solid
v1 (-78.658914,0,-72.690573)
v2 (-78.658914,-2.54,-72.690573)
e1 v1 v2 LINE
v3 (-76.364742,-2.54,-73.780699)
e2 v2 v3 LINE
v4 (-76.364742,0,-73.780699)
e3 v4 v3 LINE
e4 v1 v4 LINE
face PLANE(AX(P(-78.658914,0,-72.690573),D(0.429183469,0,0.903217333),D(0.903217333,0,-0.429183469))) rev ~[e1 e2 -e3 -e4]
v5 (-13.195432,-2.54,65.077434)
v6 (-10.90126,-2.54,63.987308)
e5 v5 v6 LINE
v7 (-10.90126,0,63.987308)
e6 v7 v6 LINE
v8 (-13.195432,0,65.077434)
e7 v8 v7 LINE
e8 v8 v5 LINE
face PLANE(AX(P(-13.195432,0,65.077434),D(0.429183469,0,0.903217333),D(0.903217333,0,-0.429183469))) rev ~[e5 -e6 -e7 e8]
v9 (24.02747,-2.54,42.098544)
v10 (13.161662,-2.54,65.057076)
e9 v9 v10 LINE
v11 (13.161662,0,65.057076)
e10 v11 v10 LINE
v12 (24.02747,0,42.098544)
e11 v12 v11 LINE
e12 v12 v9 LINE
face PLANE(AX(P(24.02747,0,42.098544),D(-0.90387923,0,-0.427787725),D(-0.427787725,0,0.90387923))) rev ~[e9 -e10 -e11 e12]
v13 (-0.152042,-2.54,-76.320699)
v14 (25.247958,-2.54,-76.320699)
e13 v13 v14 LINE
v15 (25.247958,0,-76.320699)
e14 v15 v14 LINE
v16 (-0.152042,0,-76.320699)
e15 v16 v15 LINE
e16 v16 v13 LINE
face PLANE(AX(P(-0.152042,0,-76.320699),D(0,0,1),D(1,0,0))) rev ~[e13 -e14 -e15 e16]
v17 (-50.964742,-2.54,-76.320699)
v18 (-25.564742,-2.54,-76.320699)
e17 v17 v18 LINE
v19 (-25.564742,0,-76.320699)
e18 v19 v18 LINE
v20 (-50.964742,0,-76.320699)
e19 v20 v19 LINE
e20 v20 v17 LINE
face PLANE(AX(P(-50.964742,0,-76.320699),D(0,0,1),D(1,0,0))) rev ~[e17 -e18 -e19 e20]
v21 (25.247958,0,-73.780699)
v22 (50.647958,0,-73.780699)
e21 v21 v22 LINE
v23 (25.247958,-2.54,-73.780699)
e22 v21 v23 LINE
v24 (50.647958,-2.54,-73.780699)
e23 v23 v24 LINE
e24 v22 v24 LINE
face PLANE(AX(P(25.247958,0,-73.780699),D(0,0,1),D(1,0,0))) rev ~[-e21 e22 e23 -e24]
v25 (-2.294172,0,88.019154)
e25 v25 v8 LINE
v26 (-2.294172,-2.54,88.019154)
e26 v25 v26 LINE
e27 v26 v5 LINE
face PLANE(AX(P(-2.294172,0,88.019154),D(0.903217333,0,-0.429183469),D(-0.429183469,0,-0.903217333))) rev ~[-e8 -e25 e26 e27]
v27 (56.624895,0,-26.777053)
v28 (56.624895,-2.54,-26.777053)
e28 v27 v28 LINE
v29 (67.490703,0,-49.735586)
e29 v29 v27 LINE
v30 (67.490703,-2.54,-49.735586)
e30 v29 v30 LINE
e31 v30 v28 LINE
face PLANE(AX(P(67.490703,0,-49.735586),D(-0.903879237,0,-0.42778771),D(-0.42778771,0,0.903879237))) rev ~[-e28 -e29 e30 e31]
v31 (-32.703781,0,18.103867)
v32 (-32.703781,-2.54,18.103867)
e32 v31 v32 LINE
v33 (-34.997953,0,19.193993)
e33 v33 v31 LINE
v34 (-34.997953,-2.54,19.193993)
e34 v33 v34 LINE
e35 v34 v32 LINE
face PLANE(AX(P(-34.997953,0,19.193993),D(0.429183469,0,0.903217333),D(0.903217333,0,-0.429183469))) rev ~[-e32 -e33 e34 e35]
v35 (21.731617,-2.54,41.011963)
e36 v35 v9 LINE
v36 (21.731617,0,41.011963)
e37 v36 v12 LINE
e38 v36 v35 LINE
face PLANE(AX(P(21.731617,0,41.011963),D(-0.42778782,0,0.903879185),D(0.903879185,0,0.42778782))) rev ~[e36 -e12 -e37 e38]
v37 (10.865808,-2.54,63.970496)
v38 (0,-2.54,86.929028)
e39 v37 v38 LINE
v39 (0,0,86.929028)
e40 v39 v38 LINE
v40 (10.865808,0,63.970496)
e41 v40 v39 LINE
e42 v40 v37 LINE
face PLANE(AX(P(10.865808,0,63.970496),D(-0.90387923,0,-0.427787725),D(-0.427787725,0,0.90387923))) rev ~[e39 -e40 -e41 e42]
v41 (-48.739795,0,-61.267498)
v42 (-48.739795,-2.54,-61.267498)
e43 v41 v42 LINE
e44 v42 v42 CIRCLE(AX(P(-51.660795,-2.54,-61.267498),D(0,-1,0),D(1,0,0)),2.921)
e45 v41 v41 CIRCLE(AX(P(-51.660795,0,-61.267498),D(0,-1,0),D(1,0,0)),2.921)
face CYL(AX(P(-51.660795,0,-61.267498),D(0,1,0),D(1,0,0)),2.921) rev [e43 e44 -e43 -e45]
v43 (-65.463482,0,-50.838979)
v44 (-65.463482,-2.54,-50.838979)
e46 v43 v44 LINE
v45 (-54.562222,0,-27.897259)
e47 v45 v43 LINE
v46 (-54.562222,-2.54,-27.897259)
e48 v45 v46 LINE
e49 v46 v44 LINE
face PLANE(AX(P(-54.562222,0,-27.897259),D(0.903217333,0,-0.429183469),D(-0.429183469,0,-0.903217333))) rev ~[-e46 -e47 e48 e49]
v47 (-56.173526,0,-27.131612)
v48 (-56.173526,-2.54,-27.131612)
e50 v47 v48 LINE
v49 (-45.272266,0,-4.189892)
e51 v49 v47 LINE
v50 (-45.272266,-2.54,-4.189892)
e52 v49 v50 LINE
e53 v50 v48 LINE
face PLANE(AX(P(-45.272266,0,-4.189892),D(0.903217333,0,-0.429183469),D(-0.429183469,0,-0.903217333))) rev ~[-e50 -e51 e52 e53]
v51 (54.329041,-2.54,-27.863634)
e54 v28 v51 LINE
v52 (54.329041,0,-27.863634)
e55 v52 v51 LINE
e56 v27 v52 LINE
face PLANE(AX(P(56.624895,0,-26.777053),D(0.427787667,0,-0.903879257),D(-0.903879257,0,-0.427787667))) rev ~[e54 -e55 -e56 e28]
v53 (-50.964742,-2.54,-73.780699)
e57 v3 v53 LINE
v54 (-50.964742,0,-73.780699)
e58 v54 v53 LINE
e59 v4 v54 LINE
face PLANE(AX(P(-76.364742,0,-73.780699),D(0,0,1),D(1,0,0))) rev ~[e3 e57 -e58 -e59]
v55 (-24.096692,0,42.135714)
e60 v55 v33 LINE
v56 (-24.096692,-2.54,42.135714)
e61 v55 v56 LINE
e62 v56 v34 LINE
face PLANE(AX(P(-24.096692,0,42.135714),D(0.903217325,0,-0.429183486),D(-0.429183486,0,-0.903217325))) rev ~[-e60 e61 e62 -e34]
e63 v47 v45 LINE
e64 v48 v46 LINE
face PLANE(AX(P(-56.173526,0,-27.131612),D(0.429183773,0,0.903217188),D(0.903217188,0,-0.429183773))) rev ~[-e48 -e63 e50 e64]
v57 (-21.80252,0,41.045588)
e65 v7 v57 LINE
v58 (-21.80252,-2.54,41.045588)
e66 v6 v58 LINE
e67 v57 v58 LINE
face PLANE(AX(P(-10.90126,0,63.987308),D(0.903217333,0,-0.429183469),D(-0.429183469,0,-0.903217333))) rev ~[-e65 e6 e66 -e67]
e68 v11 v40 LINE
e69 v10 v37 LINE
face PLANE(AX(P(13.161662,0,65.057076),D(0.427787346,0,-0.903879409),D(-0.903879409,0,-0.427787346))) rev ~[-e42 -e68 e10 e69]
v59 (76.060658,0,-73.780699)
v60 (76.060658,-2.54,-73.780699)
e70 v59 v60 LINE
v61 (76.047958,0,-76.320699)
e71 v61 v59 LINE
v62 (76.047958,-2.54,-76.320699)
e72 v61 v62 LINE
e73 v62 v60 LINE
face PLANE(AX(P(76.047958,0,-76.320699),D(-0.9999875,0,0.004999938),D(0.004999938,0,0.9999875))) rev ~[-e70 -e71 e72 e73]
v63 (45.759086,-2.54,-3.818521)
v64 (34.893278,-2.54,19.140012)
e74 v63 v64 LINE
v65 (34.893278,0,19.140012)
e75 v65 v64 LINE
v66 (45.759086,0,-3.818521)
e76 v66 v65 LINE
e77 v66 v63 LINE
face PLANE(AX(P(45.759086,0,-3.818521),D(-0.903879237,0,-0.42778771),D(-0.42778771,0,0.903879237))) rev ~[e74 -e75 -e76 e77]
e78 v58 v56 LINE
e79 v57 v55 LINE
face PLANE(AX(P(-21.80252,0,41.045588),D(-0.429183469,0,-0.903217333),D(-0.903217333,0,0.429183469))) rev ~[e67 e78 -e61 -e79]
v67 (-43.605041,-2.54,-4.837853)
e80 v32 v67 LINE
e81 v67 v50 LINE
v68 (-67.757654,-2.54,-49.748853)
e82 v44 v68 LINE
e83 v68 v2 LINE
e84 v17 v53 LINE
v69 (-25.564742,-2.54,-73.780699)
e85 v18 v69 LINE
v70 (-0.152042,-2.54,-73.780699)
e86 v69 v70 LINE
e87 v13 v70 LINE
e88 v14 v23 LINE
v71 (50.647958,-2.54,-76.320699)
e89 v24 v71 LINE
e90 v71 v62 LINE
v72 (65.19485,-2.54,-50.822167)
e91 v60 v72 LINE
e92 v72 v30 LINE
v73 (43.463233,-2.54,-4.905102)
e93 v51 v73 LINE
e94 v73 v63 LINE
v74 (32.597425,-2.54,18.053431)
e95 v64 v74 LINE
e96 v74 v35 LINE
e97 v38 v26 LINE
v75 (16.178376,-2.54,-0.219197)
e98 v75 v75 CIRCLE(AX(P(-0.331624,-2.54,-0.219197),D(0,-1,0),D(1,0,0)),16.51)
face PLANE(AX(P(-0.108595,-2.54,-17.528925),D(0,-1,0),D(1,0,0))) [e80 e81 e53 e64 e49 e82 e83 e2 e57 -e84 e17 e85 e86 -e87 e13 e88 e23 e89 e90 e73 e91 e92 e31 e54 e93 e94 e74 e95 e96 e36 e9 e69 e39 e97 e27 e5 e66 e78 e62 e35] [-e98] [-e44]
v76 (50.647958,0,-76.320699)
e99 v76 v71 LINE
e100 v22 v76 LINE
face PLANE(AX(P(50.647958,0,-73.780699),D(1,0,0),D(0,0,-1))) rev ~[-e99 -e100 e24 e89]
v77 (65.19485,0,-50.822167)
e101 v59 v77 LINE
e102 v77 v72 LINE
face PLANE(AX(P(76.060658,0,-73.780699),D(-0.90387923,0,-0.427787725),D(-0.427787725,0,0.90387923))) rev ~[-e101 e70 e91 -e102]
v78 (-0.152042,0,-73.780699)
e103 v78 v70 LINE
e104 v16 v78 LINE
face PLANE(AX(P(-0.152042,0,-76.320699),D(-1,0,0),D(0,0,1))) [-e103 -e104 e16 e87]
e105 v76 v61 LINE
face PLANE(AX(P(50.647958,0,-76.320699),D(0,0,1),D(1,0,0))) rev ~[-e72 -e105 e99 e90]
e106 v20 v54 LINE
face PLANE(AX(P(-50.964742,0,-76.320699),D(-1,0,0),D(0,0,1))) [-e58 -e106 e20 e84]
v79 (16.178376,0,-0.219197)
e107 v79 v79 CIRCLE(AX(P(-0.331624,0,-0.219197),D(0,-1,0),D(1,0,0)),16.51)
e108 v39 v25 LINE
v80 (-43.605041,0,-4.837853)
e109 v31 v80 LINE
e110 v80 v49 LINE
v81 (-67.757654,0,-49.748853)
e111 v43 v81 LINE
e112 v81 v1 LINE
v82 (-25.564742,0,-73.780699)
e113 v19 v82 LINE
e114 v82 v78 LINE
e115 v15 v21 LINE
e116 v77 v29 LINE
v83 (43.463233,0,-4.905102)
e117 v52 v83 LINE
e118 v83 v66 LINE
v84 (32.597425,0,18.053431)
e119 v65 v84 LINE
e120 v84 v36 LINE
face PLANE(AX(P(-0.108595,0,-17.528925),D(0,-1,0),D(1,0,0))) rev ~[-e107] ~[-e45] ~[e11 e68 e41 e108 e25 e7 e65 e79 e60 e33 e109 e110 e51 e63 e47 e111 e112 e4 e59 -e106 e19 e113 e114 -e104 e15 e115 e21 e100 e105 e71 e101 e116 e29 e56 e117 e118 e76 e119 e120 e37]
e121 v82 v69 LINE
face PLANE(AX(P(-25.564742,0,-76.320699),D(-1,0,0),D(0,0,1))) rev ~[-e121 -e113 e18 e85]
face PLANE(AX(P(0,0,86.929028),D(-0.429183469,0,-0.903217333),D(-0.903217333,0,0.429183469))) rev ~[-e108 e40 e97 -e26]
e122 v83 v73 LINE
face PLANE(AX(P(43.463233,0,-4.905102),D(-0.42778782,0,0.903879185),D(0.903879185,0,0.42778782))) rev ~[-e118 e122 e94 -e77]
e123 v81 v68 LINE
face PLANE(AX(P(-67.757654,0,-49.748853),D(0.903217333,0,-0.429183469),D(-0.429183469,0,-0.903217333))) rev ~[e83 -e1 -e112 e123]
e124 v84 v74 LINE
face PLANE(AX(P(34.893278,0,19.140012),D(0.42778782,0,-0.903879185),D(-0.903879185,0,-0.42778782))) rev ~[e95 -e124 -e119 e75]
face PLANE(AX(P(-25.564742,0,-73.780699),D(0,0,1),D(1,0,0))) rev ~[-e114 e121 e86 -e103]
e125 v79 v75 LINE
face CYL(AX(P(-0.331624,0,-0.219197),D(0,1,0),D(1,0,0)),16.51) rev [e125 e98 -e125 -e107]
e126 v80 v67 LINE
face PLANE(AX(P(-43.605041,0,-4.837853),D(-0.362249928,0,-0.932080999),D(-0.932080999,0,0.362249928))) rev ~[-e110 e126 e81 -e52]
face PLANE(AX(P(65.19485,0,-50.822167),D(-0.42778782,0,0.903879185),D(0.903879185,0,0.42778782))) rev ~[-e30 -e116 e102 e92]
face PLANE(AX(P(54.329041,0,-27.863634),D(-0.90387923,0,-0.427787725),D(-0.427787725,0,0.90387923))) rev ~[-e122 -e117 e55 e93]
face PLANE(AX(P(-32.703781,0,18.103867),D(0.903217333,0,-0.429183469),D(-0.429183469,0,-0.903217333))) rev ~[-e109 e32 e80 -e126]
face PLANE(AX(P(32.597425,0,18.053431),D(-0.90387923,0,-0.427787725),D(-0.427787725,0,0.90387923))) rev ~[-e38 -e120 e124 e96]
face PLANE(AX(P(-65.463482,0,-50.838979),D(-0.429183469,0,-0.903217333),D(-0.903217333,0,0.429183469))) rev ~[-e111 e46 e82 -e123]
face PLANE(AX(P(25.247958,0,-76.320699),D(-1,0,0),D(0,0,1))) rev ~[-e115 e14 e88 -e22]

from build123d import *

# Parameters (mm, degrees)
F0_R     = 2.921
F0_R_2   = 16.51
F0_W     = 25.4
F0_H     = 2.54
F1_DEPTH = 2.54
F2_DEPTH = 2.54


with BuildPart() as f1:
    # F0 (on Front) → F1 (new body)
    with BuildSketch(Plane.XZ):
        Polygon((0, 86.929028), (-10.90126, 63.987308), (-21.80252, 41.045588), (-32.703781, 18.103867), (-43.605041, -4.837853), (-54.562222, -27.897259), (-65.463482, -50.838979), (-76.364742, -73.780699), (-50.964742, -73.780699), (-25.564742, -73.780699), (-0.152042, -73.780699), (25.247958, -73.780699), (50.647958, -73.780699), (76.060658, -73.780699), (65.19485, -50.822167), (54.329041, -27.863634), (43.463233, -4.905102), (32.597425, 18.053431), (21.731617, 41.011963), (10.865808, 63.970496), align=None)
        with Locations((-51.660795, -61.267498)):
            Circle(F0_R, mode=Mode.SUBTRACT)
        with Locations((-0.331624, -0.219197)):
            Circle(F0_R_2, mode=Mode.SUBTRACT)
        Polygon((-13.195432, 65.077434), (-10.90126, 63.987308), (0, 86.929028), (-2.294172, 88.019154), align=None)
        Polygon((-32.703781, 18.103867), (-21.80252, 41.045588), (-24.096692, 42.135714), (-34.997953, 19.193993), align=None)
        Polygon((13.161662, 65.057076), (10.865808, 63.970496), (21.731617, 41.011963), (24.02747, 42.098544), align=None)
        Polygon((-54.562222, -27.897259), (-43.605041, -4.837853), (-45.272266, -4.189892), (-56.173526, -27.131612), align=None)
        Polygon((34.893278, 19.140012), (32.597425, 18.053431), (43.463233, -4.905102), (45.759086, -3.818521), align=None)
        Polygon((-76.364742, -73.780699), (-65.463482, -50.838979), (-67.757654, -49.748853), (-78.658914, -72.690573), align=None)
        Polygon((56.624895, -26.777053), (54.329041, -27.863634), (65.19485, -50.822167), (67.490703, -49.735586), align=None)
        with Locations((-38.264742, -75.050699)):
            Rectangle(F0_W, F0_H)
        Polygon((76.047958, -76.320699), (76.060658, -73.780699), (50.647958, -73.780699), (50.647958, -76.320699), align=None)
        with Locations((12.547958, -75.050699)):
            Rectangle(F0_W, F0_H)
    extrude(amount=F1_DEPTH)

    # F0 (on Front) → F2 (join)
    with BuildSketch(Plane.XZ):
        Polygon((0, 86.929028), (-10.90126, 63.987308), (-21.80252, 41.045588), (-32.703781, 18.103867), (-43.605041, -4.837853), (-54.562222, -27.897259), (-65.463482, -50.838979), (-76.364742, -73.780699), (-50.964742, -73.780699), (-25.564742, -73.780699), (-0.152042, -73.780699), (25.247958, -73.780699), (50.647958, -73.780699), (76.060658, -73.780699), (65.19485, -50.822167), (54.329041, -27.863634), (43.463233, -4.905102), (32.597425, 18.053431), (21.731617, 41.011963), (10.865808, 63.970496), align=None)
        with Locations((-51.660795, -61.267498)):
            Circle(F0_R, mode=Mode.SUBTRACT)
        with Locations((-0.331624, -0.219197)):
            Circle(F0_R_2, mode=Mode.SUBTRACT)
        Polygon((-13.195432, 65.077434), (-10.90126, 63.987308), (0, 86.929028), (-2.294172, 88.019154), align=None)
        Polygon((-32.703781, 18.103867), (-21.80252, 41.045588), (-24.096692, 42.135714), (-34.997953, 19.193993), align=None)
        Polygon((13.161662, 65.057076), (10.865808, 63.970496), (21.731617, 41.011963), (24.02747, 42.098544), align=None)
        Polygon((-54.562222, -27.897259), (-43.605041, -4.837853), (-45.272266, -4.189892), (-56.173526, -27.131612), align=None)
        Polygon((34.893278, 19.140012), (32.597425, 18.053431), (43.463233, -4.905102), (45.759086, -3.818521), align=None)
        Polygon((-76.364742, -73.780699), (-65.463482, -50.838979), (-67.757654, -49.748853), (-78.658914, -72.690573), align=None)
        Polygon((56.624895, -26.777053), (54.329041, -27.863634), (65.19485, -50.822167), (67.490703, -49.735586), align=None)
        with Locations((-38.264742, -75.050699)):
            Rectangle(F0_W, F0_H)
        Polygon((76.047958, -76.320699), (76.060658, -73.780699), (50.647958, -73.780699), (50.647958, -76.320699), align=None)
        with Locations((12.547958, -75.050699)):
            Rectangle(F0_W, F0_H)
    extrude(amount=F2_DEPTH)


solid = f1.part
